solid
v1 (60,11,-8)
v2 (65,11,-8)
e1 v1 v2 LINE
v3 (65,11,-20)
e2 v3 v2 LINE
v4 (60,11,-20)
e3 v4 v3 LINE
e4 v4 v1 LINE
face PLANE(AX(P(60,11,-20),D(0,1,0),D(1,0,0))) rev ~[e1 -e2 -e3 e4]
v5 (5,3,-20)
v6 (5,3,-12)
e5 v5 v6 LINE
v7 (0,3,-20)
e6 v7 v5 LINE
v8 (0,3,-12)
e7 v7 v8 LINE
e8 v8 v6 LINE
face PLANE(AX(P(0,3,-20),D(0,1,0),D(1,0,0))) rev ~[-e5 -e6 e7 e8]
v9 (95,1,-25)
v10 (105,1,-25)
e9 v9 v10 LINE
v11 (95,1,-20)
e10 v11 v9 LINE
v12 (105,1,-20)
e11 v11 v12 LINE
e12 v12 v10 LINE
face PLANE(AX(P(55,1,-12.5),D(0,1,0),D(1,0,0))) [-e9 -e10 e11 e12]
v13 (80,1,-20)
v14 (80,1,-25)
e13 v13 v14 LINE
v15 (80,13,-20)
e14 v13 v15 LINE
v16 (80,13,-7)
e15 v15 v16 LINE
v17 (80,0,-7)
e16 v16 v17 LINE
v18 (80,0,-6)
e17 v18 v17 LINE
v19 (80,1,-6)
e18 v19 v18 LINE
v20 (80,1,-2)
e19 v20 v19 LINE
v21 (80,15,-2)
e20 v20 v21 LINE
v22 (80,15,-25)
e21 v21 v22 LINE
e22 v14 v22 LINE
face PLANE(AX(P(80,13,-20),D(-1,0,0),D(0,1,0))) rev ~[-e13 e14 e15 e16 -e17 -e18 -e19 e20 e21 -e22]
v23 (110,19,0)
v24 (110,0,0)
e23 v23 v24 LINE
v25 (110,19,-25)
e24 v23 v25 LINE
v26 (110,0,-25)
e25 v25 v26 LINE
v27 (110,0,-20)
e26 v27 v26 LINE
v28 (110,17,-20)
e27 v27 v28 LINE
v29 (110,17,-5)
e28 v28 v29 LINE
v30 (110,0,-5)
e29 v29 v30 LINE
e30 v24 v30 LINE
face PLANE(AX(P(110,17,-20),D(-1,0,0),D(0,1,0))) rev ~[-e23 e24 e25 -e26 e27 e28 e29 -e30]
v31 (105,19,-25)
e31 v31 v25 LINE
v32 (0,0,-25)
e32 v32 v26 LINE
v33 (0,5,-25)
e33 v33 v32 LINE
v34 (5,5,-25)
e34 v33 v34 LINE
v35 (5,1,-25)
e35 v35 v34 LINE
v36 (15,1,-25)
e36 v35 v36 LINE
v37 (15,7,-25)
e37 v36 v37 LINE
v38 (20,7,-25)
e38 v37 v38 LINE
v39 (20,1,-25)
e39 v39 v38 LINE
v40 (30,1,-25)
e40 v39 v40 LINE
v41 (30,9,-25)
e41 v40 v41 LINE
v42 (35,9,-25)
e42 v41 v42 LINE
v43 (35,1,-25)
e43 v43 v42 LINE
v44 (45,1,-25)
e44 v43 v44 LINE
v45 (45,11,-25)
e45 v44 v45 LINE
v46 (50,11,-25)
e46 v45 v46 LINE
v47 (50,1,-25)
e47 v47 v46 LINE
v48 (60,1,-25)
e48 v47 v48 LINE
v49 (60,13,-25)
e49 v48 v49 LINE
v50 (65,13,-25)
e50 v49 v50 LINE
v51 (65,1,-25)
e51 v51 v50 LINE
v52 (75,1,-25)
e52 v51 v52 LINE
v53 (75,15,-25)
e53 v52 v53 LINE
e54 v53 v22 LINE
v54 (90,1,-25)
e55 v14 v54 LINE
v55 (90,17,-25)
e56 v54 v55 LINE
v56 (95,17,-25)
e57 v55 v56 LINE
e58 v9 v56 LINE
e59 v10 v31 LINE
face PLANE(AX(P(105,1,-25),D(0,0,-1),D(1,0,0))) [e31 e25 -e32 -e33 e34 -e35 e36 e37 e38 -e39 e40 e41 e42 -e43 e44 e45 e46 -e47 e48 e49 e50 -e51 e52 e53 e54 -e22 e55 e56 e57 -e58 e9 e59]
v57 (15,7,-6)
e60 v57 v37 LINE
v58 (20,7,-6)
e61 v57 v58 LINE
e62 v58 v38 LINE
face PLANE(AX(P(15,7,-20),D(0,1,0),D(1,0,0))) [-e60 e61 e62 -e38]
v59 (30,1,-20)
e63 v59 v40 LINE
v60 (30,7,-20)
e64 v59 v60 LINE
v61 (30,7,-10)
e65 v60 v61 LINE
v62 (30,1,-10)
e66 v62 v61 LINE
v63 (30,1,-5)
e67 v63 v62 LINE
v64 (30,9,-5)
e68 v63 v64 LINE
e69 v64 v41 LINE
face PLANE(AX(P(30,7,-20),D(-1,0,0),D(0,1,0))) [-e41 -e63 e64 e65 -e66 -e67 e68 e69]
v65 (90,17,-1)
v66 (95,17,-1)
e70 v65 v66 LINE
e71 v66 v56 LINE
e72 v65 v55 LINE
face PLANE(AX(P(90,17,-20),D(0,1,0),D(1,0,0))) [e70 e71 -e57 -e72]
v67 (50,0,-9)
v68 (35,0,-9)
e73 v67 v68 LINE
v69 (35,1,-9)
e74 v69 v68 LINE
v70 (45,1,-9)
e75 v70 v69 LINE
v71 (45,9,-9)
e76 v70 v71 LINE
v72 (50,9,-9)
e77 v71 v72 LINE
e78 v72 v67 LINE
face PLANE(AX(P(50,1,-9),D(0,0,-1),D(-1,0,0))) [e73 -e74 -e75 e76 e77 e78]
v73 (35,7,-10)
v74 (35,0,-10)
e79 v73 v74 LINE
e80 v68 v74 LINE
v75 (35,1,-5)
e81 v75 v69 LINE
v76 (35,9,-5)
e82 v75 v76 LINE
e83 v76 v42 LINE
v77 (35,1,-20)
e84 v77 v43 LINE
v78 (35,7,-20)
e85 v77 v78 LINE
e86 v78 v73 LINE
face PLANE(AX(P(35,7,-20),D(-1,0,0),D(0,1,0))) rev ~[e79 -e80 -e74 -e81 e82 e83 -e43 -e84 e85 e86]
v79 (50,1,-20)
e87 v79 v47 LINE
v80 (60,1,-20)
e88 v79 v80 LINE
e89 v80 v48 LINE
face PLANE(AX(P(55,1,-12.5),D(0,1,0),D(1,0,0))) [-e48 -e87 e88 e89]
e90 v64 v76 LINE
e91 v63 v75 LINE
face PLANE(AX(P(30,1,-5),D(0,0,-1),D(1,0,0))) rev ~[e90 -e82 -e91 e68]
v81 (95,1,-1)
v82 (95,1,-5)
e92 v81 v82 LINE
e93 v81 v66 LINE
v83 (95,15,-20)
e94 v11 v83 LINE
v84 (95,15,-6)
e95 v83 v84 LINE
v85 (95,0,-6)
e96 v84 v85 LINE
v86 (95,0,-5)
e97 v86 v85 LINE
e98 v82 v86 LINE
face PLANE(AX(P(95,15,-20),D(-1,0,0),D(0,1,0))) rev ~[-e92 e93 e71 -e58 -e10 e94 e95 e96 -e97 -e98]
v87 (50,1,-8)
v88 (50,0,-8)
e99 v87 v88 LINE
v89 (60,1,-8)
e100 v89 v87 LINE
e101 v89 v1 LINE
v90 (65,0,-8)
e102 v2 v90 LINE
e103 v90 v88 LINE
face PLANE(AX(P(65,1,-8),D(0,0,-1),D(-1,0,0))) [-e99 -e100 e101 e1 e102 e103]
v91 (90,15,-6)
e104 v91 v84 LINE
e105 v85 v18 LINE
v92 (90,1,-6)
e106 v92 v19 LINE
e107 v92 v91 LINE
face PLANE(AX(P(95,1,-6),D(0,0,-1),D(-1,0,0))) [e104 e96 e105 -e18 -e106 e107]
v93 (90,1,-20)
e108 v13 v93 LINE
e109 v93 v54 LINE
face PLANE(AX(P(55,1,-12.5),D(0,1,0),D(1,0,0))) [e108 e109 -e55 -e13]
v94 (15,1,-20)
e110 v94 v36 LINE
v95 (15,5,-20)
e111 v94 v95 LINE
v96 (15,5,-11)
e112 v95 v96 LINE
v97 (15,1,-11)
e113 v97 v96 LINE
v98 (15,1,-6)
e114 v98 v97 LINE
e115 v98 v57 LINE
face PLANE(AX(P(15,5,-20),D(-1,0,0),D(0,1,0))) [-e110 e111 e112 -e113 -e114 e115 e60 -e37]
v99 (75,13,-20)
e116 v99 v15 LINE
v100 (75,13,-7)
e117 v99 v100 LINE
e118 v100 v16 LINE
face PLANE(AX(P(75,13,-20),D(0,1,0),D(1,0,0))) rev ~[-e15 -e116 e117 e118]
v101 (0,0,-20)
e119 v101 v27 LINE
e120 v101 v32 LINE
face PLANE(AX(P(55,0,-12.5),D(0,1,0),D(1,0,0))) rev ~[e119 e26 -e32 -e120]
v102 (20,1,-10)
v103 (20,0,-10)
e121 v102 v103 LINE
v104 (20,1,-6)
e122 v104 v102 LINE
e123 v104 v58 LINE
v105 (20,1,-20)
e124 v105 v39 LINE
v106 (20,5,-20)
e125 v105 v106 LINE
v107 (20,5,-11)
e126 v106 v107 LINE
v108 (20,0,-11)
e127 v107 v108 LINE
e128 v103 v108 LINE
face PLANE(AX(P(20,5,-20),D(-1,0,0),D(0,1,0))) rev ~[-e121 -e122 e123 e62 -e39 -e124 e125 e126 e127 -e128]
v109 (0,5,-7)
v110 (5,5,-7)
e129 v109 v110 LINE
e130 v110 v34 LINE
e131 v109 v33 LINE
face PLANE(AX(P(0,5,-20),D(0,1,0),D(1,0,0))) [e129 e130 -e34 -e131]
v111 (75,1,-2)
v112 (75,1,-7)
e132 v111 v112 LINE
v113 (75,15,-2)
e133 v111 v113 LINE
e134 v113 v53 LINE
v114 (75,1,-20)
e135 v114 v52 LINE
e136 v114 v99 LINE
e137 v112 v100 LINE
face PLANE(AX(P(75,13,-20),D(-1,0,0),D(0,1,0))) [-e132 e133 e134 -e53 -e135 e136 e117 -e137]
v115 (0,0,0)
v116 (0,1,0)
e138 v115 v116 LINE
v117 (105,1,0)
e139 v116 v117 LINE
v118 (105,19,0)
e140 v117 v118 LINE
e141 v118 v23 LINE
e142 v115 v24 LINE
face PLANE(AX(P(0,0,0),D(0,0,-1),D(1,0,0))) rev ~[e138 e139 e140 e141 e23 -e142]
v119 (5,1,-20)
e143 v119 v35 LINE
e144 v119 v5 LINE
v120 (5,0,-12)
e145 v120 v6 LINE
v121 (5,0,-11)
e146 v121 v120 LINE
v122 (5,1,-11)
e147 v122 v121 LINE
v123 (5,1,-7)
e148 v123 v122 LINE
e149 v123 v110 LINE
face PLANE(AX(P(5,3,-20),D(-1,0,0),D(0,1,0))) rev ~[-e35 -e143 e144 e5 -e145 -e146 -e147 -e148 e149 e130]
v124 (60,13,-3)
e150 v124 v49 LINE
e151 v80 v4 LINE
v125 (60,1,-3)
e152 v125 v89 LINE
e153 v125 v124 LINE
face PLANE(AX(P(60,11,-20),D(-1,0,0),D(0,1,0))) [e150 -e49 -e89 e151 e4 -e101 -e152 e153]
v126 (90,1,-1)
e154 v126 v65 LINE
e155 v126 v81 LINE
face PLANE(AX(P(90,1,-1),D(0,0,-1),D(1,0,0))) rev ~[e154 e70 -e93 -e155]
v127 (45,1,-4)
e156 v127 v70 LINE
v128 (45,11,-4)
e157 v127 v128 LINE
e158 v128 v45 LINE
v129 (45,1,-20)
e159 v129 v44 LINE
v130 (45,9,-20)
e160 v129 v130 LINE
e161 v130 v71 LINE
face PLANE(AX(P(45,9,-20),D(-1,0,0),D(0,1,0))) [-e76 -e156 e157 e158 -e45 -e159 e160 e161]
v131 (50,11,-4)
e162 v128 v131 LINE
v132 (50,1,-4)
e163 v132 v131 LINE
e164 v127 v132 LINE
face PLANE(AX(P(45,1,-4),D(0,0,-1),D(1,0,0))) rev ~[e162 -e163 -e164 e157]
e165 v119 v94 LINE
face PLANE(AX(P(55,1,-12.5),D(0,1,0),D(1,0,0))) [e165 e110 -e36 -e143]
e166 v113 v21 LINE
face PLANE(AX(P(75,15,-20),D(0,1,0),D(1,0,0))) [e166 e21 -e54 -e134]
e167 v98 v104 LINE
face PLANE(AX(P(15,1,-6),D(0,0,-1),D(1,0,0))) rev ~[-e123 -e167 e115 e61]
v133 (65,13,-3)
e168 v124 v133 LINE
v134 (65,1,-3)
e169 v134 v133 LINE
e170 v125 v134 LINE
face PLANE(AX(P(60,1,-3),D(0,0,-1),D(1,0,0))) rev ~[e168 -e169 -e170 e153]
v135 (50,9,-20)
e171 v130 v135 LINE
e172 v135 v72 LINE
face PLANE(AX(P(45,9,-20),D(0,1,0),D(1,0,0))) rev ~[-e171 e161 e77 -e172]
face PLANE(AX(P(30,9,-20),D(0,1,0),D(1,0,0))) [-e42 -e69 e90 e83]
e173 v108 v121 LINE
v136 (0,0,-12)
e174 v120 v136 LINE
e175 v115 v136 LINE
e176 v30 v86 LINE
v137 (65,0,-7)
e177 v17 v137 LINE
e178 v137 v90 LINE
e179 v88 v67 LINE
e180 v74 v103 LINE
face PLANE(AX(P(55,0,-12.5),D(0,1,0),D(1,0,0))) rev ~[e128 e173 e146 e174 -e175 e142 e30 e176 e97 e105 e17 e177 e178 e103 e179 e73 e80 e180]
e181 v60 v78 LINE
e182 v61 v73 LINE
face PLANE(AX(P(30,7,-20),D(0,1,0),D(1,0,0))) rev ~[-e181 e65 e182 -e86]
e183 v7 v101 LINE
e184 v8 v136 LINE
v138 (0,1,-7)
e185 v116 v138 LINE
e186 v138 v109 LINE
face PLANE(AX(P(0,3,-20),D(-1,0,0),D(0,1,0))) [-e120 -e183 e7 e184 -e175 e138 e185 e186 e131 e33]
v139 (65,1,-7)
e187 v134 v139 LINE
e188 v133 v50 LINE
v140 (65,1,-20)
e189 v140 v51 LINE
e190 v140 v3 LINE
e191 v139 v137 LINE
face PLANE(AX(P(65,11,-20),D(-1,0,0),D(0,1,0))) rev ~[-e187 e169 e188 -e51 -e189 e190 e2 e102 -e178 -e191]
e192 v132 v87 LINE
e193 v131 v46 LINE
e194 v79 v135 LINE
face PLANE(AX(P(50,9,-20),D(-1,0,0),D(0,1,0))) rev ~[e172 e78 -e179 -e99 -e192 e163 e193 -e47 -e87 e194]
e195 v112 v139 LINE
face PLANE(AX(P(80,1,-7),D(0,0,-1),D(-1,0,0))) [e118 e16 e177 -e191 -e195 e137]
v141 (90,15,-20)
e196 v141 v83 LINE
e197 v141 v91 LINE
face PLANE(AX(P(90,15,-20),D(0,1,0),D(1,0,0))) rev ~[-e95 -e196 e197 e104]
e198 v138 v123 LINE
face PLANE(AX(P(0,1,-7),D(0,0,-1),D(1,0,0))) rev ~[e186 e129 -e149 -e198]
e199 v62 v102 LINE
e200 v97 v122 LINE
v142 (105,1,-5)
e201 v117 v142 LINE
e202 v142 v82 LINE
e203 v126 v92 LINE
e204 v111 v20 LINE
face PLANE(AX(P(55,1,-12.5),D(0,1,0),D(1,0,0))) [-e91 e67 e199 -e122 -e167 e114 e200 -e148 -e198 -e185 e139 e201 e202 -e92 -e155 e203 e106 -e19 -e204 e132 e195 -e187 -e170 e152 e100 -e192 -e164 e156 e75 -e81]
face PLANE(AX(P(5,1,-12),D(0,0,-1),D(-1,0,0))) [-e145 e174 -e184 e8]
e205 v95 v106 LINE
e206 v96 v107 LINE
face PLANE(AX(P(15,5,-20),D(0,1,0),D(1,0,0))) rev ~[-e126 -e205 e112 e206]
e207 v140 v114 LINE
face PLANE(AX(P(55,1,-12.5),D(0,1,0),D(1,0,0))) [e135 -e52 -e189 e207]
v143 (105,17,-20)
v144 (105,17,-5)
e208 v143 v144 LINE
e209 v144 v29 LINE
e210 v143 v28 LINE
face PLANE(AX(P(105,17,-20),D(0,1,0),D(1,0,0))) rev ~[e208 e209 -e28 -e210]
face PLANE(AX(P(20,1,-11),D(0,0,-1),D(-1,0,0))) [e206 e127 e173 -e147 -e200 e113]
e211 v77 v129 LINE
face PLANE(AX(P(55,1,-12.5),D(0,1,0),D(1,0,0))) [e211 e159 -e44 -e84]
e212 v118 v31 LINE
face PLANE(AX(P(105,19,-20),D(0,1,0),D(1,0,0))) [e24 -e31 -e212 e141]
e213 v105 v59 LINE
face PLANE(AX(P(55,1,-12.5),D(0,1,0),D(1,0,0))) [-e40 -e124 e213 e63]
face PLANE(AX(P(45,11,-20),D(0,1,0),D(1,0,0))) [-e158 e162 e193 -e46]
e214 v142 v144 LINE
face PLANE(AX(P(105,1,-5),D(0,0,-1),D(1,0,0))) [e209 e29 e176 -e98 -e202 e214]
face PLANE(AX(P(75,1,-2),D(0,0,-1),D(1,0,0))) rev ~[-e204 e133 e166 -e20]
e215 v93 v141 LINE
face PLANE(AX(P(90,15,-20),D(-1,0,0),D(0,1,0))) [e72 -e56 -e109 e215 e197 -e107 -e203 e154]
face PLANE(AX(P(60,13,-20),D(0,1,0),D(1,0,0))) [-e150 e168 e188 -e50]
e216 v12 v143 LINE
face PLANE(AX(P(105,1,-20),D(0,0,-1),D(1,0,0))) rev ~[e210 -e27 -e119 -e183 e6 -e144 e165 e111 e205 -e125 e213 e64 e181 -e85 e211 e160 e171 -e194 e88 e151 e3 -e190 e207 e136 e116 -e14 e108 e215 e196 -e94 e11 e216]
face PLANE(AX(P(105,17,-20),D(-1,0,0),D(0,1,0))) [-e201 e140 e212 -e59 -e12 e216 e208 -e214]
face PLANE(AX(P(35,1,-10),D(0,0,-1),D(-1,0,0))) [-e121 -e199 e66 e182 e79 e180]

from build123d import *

# Parameters (mm, degrees)
SKETCH1_W          = 110
SKETCH1_H          = 25
BASE_DEPTH         = 1
SKETCH10_W         = 5
SKETCH10_H         = 5
LEG1_DEPTH         = 4
LEG2_W             = 5
LEG2_H             = 5
LEG2E_DEPTH        = 6
LEG3_W             = 5
LEG3_H             = 5
LEG3E_DEPTH        = 8
LEG4_W             = 5
LEG4_H             = 5
LEG4E_DEPTH        = 10
LEG5_W             = 5
LEG5_H             = 5
LEG5E_DEPTH        = 12
LEG6_W             = 5
LEG6_H             = 5
LEG6E_DEPTH        = 14
LEG7_W             = 5
LEG7_H             = 5
LEG7E_DEPTH        = 16
LEG8_W             = 5
LEG8_H             = 5
LEG8E_DEPTH        = 18
SKETCH29_W         = 5
SKETCH29_H         = 2
BRIDGE1_DEPTH      = 8
SKETCH30_W         = 5
SKETCH30_H         = 2
BRIDGE2_DEPTH      = 9
SKETCH31_W         = 5
SKETCH31_H         = 2
BRIDGE3_DEPTH      = 10
SKETCH32_W         = 5
SKETCH32_H         = 2
BRIDGE4_DEPTH      = 11
SKETCH33_W         = 5
SKETCH33_H         = 2
BRIDGE5_DEPTH      = 12
SKETCH34_W         = 5
SKETCH34_H         = 2
BRIDGE6_DEPTH      = 13
SKETCH35_W         = 5
SKETCH35_H         = 2
BRIDGE7_DEPTH      = 14
SKETCH36_W         = 5
SKETCH36_H         = 2
BRIDGE8_DEPTH      = 15
CUT_EXTRUDE4_DEPTH = 115.232219623


with BuildPart() as part:
    # Sketch1 → Base (new body)
    with BuildSketch(Plane(origin=(0, 0, 0), x_dir=(1, 0, 0), z_dir=(0, 1, 0))):
        with Locations((55, 12.5)):
            Rectangle(SKETCH1_W, SKETCH1_H)
    extrude(amount=BASE_DEPTH)

    # Sketch10 → leg1 (add)
    with BuildSketch(Plane(origin=(0, 1, 0), x_dir=(1, 0, 0), z_dir=(0, 1, 0))):
        with Locations((2.5, 22.5)):
            Rectangle(SKETCH10_W, SKETCH10_H)
        with Locations((2.5, 9.5)):
            Rectangle(SKETCH10_W, SKETCH10_H)
    extrude(amount=LEG1_DEPTH)

    # leg2 → leg2e (add)
    with BuildSketch(Plane(origin=(0, 1, 0), x_dir=(1, 0, 0), z_dir=(0, 1, 0))):
        with Locations((17.5, 22.5)):
            Rectangle(LEG2_W, LEG2_H)
        with Locations((17.5, 8.5)):
            Rectangle(LEG2_W, LEG2_H)
    extrude(amount=LEG2E_DEPTH)

    # leg3 → leg3e (add)
    with BuildSketch(Plane(origin=(0, 1, 0), x_dir=(1, 0, 0), z_dir=(0, 1, 0))):
        with Locations((32.5, 22.5)):
            Rectangle(LEG3_W, LEG3_H)
        with Locations((32.5, 7.5)):
            Rectangle(LEG3_W, LEG3_H)
    extrude(amount=LEG3E_DEPTH)

    # leg4 → leg4e (add)
    with BuildSketch(Plane(origin=(0, 1, 0), x_dir=(1, 0, 0), z_dir=(0, 1, 0))):
        with Locations((47.5, 22.5)):
            Rectangle(LEG4_W, LEG4_H)
        with Locations((47.5, 6.5)):
            Rectangle(LEG4_W, LEG4_H)
    extrude(amount=LEG4E_DEPTH)

    # leg5 → leg5e (add)
    with BuildSketch(Plane(origin=(0, 1, 0), x_dir=(1, 0, 0), z_dir=(0, 1, 0))):
        with Locations((62.5, 22.5)):
            Rectangle(LEG5_W, LEG5_H)
        with Locations((62.5, 5.5)):
            Rectangle(LEG5_W, LEG5_H)
    extrude(amount=LEG5E_DEPTH)

    # leg6 → leg6e (add)
    with BuildSketch(Plane(origin=(0, 1, 0), x_dir=(1, 0, 0), z_dir=(0, 1, 0))):
        with Locations((77.5, 22.5)):
            Rectangle(LEG6_W, LEG6_H)
        with Locations((77.5, 4.5)):
            Rectangle(LEG6_W, LEG6_H)
    extrude(amount=LEG6E_DEPTH)

    # leg7 → leg7e (add)
    with BuildSketch(Plane(origin=(0, 1, 0), x_dir=(1, 0, 0), z_dir=(0, 1, 0))):
        with Locations((92.5, 22.5)):
            Rectangle(LEG7_W, LEG7_H)
        with Locations((92.5, 3.5)):
            Rectangle(LEG7_W, LEG7_H)
    extrude(amount=LEG7E_DEPTH)

    # leg8 → leg8e (add)
    with BuildSketch(Plane(origin=(0, 1, 0), x_dir=(1, 0, 0), z_dir=(0, 1, 0))):
        with Locations((107.5, 22.5)):
            Rectangle(LEG8_W, LEG8_H)
        with Locations((107.5, 2.5)):
            Rectangle(LEG8_W, LEG8_H)
    extrude(amount=LEG8E_DEPTH)

    # Sketch29 → bridge1 (add)
    with BuildSketch(Plane.XY.offset(-20)):
        with Locations((2.5, 4)):
            Rectangle(SKETCH29_W, SKETCH29_H)
    extrude(amount=BRIDGE1_DEPTH)

    # Sketch30 → bridge2 (add)
    with BuildSketch(Plane.XY.offset(-20)):
        with Locations((17.5, 6)):
            Rectangle(SKETCH30_W, SKETCH30_H)
    extrude(amount=BRIDGE2_DEPTH)

    # Sketch31 → bridge3 (add)
    with BuildSketch(Plane.XY.offset(-20)):
        with Locations((32.5, 8)):
            Rectangle(SKETCH31_W, SKETCH31_H)
    extrude(amount=BRIDGE3_DEPTH)

    # Sketch32 → bridge4 (add)
    with BuildSketch(Plane.XY.offset(-20)):
        with Locations((47.5, 10)):
            Rectangle(SKETCH32_W, SKETCH32_H)
    extrude(amount=BRIDGE4_DEPTH)

    # Sketch33 → bridge5 (add)
    with BuildSketch(Plane.XY.offset(-20)):
        with Locations((62.5, 12)):
            Rectangle(SKETCH33_W, SKETCH33_H)
    extrude(amount=BRIDGE5_DEPTH)

    # Sketch34 → bridge6 (add)
    with BuildSketch(Plane.XY.offset(-20)):
        with Locations((77.5, 14)):
            Rectangle(SKETCH34_W, SKETCH34_H)
    extrude(amount=BRIDGE6_DEPTH)

    # Sketch35 → bridge7 (add)
    with BuildSketch(Plane.XY.offset(-20)):
        with Locations((92.5, 16)):
            Rectangle(SKETCH35_W, SKETCH35_H)
    extrude(amount=BRIDGE7_DEPTH)

    # Sketch36 → bridge8 (add)
    with BuildSketch(Plane.XY.offset(-20)):
        with Locations((107.5, 18)):
            Rectangle(SKETCH36_W, SKETCH36_H)
    extrude(amount=BRIDGE8_DEPTH)

    # Sketch37 → Cut-Extrude4 (cut, through all)
    with BuildSketch(Plane(origin=(0, 1, 0), x_dir=(1, 0, 0), z_dir=(0, 1, 0))):
        Polygon((0, 20), (110, 20), (110, 5), (95, 5), (95, 6), (80, 6), (80, 7), (65, 7), (65, 8), (50, 8), (50, 9), (35, 9), (35, 10), (20, 10), (20, 11), (5, 11), (5, 12), (0, 12), align=None)
    extrude(amount=-CUT_EXTRUDE4_DEPTH, mode=Mode.SUBTRACT)


solid = part.part
